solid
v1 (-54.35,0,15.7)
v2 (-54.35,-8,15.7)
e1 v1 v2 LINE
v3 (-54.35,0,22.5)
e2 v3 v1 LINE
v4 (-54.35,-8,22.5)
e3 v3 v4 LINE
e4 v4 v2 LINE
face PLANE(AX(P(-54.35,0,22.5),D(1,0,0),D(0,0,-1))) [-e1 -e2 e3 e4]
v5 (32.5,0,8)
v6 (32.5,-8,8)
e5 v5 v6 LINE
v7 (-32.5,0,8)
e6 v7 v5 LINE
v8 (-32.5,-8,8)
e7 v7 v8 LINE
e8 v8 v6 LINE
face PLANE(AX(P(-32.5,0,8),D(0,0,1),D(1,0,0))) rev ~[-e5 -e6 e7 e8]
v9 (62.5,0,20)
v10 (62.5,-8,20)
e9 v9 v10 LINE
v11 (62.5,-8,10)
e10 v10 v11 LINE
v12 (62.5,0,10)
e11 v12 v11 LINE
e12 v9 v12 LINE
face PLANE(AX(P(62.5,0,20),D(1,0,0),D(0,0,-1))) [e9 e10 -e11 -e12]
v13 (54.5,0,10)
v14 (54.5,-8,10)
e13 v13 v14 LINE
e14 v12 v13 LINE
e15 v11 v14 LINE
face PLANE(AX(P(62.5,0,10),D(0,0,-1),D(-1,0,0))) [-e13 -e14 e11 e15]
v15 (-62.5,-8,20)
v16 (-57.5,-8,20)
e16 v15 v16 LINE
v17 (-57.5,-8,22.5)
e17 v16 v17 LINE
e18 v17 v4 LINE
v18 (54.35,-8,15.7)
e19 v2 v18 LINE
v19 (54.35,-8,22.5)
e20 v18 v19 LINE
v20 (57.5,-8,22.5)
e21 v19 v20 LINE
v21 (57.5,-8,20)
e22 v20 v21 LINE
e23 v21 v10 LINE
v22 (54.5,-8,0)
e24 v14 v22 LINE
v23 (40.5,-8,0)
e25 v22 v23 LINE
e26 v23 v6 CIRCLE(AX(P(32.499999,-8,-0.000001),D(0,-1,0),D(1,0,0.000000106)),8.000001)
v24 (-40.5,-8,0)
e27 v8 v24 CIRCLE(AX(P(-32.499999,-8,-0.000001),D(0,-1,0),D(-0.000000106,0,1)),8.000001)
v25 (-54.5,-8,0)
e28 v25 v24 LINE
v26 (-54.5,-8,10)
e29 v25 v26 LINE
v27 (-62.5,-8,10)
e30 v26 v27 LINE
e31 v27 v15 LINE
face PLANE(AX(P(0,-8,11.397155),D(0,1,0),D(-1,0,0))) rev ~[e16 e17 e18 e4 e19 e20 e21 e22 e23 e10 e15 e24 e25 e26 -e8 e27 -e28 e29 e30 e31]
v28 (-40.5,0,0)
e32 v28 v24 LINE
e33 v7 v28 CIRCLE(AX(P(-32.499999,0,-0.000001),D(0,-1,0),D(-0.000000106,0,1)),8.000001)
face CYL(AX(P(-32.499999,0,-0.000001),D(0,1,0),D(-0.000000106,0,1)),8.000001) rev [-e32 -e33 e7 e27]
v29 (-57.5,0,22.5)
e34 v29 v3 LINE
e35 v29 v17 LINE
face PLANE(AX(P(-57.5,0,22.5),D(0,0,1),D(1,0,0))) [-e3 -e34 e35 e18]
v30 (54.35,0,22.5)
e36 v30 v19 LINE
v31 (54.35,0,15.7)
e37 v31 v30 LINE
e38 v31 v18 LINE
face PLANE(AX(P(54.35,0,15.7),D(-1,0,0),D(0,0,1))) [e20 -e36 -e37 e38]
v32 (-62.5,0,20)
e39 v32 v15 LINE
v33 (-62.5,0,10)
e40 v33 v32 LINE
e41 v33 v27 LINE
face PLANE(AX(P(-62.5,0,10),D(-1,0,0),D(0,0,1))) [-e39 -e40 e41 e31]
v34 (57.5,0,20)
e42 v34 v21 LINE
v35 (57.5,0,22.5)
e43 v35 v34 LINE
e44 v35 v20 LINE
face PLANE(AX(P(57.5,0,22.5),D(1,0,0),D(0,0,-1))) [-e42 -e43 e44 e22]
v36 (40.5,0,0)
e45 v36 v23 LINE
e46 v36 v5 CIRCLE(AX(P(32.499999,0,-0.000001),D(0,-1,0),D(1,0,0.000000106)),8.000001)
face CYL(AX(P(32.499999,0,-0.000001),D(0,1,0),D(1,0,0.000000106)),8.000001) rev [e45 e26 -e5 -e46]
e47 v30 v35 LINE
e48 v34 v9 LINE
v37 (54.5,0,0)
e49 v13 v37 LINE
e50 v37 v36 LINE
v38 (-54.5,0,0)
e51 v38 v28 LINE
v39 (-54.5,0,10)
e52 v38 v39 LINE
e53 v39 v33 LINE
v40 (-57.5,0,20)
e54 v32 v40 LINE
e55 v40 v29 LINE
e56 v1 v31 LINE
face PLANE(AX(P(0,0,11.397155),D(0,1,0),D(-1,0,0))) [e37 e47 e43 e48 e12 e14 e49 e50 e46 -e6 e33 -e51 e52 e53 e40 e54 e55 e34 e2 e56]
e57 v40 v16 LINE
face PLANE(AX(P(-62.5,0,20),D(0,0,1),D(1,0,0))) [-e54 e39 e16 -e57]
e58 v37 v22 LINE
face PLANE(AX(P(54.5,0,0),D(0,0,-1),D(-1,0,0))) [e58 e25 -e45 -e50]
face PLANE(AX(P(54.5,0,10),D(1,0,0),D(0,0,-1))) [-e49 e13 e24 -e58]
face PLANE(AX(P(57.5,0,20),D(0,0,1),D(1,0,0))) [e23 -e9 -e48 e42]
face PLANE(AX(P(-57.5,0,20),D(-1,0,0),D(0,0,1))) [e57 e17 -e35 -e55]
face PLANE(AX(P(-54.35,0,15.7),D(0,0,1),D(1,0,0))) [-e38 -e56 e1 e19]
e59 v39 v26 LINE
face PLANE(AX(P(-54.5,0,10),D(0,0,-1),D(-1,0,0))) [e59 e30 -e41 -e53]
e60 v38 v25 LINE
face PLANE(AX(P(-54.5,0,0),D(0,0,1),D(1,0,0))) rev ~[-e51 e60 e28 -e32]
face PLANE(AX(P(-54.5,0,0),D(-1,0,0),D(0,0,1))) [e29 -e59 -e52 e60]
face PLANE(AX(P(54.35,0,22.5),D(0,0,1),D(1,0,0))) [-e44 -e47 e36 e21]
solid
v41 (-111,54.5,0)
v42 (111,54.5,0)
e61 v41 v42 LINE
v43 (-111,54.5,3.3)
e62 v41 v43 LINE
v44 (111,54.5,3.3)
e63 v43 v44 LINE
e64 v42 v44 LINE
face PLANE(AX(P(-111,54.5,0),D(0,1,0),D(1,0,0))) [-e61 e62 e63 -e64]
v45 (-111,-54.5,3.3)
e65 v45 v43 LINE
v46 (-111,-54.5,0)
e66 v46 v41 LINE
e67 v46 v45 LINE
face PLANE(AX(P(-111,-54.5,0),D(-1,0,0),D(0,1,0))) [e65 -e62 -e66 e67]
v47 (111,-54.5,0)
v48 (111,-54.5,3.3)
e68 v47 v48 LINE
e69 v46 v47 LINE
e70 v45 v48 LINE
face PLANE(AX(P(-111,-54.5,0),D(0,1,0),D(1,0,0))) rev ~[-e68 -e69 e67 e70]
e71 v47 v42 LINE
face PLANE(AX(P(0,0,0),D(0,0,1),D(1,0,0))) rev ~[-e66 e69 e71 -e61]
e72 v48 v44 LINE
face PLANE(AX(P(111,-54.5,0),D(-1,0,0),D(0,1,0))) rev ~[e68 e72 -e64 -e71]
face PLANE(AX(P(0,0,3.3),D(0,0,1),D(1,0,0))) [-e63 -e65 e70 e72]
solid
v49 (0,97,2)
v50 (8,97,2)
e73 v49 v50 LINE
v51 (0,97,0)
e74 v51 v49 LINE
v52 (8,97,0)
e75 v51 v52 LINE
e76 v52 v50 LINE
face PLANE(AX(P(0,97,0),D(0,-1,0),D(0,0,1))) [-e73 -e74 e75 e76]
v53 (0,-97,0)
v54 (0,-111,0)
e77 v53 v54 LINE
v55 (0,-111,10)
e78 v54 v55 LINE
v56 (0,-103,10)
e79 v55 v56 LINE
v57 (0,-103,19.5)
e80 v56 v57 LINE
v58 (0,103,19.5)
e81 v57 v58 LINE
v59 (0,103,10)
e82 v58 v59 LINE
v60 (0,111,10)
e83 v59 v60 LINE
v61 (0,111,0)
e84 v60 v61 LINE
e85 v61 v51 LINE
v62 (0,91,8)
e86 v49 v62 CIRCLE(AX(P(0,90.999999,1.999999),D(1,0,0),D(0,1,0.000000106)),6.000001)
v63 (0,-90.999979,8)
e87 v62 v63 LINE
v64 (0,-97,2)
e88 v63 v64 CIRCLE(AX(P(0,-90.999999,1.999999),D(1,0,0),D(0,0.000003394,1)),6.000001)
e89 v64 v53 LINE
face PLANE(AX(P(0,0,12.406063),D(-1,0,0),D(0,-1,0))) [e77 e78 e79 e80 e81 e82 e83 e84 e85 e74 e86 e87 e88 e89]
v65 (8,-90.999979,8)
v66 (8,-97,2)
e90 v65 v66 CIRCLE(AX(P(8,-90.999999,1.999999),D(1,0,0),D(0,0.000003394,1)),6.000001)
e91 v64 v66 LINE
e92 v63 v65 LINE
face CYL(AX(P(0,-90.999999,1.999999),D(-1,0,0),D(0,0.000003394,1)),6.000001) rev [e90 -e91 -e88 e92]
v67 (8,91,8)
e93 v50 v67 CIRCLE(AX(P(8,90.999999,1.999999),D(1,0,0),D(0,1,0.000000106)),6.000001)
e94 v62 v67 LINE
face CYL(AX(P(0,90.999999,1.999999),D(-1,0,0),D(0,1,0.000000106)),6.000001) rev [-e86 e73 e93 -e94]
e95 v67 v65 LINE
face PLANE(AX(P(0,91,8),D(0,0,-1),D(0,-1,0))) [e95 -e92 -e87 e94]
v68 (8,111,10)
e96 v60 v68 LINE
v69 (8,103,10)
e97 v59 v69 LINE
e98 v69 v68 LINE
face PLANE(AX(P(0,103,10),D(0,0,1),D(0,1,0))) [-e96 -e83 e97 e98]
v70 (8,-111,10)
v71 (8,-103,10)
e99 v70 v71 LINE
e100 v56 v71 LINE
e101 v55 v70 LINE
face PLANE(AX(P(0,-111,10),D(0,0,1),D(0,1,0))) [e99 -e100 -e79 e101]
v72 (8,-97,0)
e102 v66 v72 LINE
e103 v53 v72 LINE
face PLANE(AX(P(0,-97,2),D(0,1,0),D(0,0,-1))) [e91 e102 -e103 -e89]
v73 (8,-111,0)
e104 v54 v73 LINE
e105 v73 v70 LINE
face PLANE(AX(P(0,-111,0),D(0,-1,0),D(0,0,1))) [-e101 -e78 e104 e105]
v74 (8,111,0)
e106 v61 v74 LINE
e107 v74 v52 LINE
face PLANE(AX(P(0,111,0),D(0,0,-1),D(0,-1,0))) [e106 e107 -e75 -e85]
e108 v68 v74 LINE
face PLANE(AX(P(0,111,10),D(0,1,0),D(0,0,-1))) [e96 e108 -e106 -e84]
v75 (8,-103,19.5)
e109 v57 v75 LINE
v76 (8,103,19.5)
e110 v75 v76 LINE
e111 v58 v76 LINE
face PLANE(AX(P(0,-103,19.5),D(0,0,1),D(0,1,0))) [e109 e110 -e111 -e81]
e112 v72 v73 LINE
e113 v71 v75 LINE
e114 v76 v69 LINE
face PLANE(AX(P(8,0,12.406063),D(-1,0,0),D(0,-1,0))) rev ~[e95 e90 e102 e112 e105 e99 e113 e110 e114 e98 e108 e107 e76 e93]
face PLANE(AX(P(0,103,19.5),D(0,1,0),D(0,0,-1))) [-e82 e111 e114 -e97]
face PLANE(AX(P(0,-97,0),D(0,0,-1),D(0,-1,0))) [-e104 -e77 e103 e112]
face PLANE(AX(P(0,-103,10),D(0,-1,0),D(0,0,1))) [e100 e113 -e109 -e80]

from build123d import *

# Parameters (mm, degrees)
PAD_DEPTH    = 8
PAD001_DEPTH = 8
SKETCH004_W  = 222
SKETCH004_H  = 109
PAD002_DEPTH = 3.3


with BuildPart() as body003:
    # Sketch → Pad (new body)
    with BuildSketch(Plane.YZ):
        with BuildLine():
            Line((-111, 0), (-111, 10))
            Line((-111, 10), (-103, 10))
            Line((-103, 10), (-103, 19.5))
            Line((-103, 19.5), (103, 19.5))
            Line((103, 19.5), (103, 10))
            Line((103, 10), (111, 10))
            Line((111, 10), (111, 0))
            Line((111, 0), (97, 0))
            Line((97, 0), (97, 2))
            ThreePointArc((97, 2), (95.24264, 6.242641), (91, 8))
            Line((91, 8), (-90.999979, 8))
            ThreePointArc((-90.999979, 8), (-95.242633, 6.242648), (-97, 2))
            Line((-97, 2), (-97, 0))
            Line((-97, 0), (-111, 0))
        make_face()
    extrude(amount=PAD_DEPTH)


with BuildPart() as body004:
    # Sketch001 → Pad001 (new body)
    with BuildSketch(Plane.XZ):
        with BuildLine():
            Line((-54.5, 0), (-54.5, 10))
            Line((-54.5, 10), (-62.5, 10))
            Line((-62.5, 10), (-62.5, 20))
            Line((-62.5, 20), (-57.5, 20))
            Line((-57.5, 20), (-57.5, 22.5))
            Line((-57.5, 22.5), (-54.35, 22.5))
            Line((-54.35, 22.5), (-54.35, 15.7))
            Line((-54.35, 15.7), (54.35, 15.7))
            Line((54.35, 15.7), (54.35, 22.5))
            Line((54.35, 22.5), (57.5, 22.5))
            Line((57.5, 22.5), (57.5, 20))
            Line((57.5, 20), (62.5, 20))
            Line((62.5, 20), (62.5, 10))
            Line((62.5, 10), (54.5, 10))
            Line((54.5, 10), (54.5, 0))
            Line((54.5, 0), (40.5, 0))
            ThreePointArc((40.5, 0), (38.156854, 5.656854), (32.5, 8))
            Line((-32.5, 8), (32.5, 8))
            ThreePointArc((-32.5, 8), (-38.156854, 5.656854), (-40.5, 0))
            Line((-54.5, 0), (-40.5, 0))
        make_face()
    extrude(amount=PAD001_DEPTH)


with BuildPart() as body:
    # Sketch004 → Pad002 (new body)
    with BuildSketch(Plane.XY):
        Rectangle(SKETCH004_W, SKETCH004_H)
    extrude(amount=PAD002_DEPTH)


solid = Compound([body003.part, body004.part, body.part])
